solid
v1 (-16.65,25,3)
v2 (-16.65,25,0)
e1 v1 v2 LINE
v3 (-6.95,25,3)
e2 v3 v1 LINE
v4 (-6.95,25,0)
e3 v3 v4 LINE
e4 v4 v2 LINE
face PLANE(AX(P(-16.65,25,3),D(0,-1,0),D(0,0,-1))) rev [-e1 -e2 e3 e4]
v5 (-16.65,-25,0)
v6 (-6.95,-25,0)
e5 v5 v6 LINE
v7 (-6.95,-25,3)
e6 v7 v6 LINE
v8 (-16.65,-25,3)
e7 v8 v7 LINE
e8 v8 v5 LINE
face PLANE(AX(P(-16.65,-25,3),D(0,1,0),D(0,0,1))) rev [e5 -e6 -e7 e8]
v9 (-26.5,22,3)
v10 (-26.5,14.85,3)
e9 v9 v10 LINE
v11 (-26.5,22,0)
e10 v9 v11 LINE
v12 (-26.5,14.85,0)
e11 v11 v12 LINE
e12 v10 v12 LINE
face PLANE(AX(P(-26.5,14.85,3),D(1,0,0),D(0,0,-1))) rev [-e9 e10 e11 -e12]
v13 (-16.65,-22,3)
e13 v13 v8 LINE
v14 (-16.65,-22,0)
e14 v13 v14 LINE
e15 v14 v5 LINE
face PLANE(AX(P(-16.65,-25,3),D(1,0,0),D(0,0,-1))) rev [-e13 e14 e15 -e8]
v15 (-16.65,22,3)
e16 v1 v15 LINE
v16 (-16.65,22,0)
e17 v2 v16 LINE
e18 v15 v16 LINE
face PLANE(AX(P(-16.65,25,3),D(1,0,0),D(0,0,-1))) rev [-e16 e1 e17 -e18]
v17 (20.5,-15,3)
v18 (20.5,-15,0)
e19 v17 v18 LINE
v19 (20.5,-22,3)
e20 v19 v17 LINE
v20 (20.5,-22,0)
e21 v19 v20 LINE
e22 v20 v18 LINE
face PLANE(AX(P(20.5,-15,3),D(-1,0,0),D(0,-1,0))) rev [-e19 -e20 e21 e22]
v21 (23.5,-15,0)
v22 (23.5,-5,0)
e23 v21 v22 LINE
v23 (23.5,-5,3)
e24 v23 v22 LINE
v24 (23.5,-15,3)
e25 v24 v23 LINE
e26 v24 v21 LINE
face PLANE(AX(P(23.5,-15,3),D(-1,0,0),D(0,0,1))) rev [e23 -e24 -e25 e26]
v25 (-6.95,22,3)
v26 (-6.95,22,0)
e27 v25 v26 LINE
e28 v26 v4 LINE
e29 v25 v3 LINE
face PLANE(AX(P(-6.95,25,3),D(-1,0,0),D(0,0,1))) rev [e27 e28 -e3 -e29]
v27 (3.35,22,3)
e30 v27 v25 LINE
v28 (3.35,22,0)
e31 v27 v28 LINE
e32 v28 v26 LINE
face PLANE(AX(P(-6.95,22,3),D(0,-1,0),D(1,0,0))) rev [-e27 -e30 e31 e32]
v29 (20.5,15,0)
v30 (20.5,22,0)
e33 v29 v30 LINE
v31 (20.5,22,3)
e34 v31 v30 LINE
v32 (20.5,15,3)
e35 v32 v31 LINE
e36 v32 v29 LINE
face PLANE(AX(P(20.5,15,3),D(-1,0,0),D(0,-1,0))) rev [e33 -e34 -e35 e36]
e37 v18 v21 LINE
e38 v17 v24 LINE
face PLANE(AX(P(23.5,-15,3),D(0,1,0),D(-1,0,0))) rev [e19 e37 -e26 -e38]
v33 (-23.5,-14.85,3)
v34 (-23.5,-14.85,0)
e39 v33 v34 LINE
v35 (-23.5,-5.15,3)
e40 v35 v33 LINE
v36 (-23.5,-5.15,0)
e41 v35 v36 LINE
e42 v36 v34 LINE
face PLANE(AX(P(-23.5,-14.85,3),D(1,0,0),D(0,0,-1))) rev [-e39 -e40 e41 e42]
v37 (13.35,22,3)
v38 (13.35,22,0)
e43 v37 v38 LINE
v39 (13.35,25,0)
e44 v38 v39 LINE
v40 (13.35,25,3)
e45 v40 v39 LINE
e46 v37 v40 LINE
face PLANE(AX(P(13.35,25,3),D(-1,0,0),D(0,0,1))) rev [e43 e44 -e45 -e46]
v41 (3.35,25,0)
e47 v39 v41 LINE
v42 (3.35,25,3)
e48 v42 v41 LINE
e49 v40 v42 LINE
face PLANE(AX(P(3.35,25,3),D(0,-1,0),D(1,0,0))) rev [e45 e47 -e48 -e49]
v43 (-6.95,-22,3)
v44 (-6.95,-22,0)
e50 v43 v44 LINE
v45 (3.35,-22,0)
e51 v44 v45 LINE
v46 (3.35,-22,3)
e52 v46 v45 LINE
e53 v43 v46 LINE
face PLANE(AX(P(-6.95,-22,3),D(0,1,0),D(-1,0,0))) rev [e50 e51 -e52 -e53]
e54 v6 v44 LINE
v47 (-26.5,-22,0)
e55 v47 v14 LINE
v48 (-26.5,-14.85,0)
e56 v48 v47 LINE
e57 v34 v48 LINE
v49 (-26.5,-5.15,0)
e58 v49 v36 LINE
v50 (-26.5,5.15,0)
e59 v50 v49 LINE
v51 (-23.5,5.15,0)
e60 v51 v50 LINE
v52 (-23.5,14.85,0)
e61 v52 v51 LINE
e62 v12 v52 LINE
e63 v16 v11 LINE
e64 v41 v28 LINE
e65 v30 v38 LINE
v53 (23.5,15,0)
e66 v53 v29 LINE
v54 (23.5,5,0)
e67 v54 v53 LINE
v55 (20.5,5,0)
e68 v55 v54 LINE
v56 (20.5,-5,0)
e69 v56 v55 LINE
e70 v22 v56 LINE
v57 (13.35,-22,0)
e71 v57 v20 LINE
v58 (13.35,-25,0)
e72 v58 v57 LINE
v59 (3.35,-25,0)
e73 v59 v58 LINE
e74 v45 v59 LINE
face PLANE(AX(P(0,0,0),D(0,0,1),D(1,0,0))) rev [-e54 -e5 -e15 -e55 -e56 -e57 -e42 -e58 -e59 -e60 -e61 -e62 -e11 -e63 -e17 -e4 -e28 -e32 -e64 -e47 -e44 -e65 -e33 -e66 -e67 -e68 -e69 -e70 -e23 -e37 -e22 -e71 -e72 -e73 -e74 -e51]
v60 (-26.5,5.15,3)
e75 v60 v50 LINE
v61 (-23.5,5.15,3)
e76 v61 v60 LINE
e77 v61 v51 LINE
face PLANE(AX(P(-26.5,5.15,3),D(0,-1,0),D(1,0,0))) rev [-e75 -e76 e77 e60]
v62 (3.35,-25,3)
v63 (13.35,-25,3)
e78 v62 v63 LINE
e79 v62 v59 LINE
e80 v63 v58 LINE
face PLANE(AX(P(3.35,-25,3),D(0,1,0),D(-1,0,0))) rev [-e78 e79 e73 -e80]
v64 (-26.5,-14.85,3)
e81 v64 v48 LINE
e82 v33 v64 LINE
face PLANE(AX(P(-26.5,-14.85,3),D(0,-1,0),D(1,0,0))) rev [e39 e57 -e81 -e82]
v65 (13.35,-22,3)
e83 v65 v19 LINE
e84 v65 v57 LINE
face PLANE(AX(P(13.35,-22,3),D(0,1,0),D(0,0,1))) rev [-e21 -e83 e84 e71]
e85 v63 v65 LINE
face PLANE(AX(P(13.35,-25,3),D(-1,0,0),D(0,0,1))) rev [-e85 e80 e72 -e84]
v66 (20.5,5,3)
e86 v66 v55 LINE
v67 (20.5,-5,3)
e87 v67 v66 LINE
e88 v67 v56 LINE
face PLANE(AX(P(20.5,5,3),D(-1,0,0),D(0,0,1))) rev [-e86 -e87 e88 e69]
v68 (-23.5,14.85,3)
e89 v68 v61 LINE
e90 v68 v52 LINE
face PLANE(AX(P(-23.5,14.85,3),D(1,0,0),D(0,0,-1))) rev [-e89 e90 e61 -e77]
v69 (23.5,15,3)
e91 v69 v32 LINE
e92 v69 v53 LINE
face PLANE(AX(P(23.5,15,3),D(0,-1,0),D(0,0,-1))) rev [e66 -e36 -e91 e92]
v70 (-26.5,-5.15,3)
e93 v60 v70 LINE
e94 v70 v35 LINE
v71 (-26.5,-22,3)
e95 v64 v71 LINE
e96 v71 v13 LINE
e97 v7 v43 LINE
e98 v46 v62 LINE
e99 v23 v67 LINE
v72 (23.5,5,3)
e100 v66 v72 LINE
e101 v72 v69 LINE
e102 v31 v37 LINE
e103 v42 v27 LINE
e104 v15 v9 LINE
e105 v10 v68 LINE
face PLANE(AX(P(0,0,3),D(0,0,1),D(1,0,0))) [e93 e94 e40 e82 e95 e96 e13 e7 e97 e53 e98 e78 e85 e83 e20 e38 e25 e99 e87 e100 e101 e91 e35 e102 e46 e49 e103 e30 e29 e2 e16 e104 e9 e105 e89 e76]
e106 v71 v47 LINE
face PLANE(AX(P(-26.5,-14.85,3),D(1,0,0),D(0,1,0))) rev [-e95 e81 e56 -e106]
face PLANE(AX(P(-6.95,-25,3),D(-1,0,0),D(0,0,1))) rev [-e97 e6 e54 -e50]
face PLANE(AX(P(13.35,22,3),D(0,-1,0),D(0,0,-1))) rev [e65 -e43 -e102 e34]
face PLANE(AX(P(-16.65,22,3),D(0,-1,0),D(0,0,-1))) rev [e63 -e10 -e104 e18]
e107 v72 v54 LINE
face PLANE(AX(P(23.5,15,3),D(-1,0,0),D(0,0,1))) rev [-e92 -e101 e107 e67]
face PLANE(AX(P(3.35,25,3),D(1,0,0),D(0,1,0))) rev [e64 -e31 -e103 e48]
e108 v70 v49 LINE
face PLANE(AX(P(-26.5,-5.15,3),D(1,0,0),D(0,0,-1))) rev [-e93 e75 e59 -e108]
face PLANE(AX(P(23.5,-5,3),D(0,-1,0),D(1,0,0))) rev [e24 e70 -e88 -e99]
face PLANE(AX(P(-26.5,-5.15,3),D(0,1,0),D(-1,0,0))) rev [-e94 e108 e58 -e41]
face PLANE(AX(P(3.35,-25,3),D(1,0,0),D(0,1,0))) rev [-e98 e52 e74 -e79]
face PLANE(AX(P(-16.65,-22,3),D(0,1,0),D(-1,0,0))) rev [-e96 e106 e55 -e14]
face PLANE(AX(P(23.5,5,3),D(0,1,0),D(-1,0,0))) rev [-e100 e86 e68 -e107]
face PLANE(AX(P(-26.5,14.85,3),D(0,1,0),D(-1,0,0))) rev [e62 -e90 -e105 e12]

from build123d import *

# Parameters (mm, degrees)
SALIENTE_EXTRUIR1_DEPTH = 3


with BuildPart() as part:
    # Croquis1 → Saliente-Extruir1 (new body)
    with BuildSketch(Plane.XY):
        Polygon((-16.65, 22), (-26.5, 22), (-26.5, 14.85), (-23.5, 14.85), (-23.5, 5.15), (-26.5, 5.15), (-26.5, -5.15), (-23.5, -5.15), (-23.5, -14.85), (-26.5, -14.85), (-26.5, -22), (-16.65, -22), (-16.65, -25), (-6.95, -25), (-6.95, -22), (3.35, -22), (3.35, -25), (13.35, -25), (13.35, -22), (20.5, -22), (20.5, -15), (23.5, -15), (23.5, -5), (20.5, -5), (20.5, 5), (23.5, 5), (23.5, 15), (20.5, 15), (20.5, 22), (13.35, 22), (13.35, 25), (3.35, 25), (3.35, 22), (-6.95, 22), (-6.95, 25), (-16.65, 25), align=None)
    extrude(amount=SALIENTE_EXTRUIR1_DEPTH)


solid = part.part
